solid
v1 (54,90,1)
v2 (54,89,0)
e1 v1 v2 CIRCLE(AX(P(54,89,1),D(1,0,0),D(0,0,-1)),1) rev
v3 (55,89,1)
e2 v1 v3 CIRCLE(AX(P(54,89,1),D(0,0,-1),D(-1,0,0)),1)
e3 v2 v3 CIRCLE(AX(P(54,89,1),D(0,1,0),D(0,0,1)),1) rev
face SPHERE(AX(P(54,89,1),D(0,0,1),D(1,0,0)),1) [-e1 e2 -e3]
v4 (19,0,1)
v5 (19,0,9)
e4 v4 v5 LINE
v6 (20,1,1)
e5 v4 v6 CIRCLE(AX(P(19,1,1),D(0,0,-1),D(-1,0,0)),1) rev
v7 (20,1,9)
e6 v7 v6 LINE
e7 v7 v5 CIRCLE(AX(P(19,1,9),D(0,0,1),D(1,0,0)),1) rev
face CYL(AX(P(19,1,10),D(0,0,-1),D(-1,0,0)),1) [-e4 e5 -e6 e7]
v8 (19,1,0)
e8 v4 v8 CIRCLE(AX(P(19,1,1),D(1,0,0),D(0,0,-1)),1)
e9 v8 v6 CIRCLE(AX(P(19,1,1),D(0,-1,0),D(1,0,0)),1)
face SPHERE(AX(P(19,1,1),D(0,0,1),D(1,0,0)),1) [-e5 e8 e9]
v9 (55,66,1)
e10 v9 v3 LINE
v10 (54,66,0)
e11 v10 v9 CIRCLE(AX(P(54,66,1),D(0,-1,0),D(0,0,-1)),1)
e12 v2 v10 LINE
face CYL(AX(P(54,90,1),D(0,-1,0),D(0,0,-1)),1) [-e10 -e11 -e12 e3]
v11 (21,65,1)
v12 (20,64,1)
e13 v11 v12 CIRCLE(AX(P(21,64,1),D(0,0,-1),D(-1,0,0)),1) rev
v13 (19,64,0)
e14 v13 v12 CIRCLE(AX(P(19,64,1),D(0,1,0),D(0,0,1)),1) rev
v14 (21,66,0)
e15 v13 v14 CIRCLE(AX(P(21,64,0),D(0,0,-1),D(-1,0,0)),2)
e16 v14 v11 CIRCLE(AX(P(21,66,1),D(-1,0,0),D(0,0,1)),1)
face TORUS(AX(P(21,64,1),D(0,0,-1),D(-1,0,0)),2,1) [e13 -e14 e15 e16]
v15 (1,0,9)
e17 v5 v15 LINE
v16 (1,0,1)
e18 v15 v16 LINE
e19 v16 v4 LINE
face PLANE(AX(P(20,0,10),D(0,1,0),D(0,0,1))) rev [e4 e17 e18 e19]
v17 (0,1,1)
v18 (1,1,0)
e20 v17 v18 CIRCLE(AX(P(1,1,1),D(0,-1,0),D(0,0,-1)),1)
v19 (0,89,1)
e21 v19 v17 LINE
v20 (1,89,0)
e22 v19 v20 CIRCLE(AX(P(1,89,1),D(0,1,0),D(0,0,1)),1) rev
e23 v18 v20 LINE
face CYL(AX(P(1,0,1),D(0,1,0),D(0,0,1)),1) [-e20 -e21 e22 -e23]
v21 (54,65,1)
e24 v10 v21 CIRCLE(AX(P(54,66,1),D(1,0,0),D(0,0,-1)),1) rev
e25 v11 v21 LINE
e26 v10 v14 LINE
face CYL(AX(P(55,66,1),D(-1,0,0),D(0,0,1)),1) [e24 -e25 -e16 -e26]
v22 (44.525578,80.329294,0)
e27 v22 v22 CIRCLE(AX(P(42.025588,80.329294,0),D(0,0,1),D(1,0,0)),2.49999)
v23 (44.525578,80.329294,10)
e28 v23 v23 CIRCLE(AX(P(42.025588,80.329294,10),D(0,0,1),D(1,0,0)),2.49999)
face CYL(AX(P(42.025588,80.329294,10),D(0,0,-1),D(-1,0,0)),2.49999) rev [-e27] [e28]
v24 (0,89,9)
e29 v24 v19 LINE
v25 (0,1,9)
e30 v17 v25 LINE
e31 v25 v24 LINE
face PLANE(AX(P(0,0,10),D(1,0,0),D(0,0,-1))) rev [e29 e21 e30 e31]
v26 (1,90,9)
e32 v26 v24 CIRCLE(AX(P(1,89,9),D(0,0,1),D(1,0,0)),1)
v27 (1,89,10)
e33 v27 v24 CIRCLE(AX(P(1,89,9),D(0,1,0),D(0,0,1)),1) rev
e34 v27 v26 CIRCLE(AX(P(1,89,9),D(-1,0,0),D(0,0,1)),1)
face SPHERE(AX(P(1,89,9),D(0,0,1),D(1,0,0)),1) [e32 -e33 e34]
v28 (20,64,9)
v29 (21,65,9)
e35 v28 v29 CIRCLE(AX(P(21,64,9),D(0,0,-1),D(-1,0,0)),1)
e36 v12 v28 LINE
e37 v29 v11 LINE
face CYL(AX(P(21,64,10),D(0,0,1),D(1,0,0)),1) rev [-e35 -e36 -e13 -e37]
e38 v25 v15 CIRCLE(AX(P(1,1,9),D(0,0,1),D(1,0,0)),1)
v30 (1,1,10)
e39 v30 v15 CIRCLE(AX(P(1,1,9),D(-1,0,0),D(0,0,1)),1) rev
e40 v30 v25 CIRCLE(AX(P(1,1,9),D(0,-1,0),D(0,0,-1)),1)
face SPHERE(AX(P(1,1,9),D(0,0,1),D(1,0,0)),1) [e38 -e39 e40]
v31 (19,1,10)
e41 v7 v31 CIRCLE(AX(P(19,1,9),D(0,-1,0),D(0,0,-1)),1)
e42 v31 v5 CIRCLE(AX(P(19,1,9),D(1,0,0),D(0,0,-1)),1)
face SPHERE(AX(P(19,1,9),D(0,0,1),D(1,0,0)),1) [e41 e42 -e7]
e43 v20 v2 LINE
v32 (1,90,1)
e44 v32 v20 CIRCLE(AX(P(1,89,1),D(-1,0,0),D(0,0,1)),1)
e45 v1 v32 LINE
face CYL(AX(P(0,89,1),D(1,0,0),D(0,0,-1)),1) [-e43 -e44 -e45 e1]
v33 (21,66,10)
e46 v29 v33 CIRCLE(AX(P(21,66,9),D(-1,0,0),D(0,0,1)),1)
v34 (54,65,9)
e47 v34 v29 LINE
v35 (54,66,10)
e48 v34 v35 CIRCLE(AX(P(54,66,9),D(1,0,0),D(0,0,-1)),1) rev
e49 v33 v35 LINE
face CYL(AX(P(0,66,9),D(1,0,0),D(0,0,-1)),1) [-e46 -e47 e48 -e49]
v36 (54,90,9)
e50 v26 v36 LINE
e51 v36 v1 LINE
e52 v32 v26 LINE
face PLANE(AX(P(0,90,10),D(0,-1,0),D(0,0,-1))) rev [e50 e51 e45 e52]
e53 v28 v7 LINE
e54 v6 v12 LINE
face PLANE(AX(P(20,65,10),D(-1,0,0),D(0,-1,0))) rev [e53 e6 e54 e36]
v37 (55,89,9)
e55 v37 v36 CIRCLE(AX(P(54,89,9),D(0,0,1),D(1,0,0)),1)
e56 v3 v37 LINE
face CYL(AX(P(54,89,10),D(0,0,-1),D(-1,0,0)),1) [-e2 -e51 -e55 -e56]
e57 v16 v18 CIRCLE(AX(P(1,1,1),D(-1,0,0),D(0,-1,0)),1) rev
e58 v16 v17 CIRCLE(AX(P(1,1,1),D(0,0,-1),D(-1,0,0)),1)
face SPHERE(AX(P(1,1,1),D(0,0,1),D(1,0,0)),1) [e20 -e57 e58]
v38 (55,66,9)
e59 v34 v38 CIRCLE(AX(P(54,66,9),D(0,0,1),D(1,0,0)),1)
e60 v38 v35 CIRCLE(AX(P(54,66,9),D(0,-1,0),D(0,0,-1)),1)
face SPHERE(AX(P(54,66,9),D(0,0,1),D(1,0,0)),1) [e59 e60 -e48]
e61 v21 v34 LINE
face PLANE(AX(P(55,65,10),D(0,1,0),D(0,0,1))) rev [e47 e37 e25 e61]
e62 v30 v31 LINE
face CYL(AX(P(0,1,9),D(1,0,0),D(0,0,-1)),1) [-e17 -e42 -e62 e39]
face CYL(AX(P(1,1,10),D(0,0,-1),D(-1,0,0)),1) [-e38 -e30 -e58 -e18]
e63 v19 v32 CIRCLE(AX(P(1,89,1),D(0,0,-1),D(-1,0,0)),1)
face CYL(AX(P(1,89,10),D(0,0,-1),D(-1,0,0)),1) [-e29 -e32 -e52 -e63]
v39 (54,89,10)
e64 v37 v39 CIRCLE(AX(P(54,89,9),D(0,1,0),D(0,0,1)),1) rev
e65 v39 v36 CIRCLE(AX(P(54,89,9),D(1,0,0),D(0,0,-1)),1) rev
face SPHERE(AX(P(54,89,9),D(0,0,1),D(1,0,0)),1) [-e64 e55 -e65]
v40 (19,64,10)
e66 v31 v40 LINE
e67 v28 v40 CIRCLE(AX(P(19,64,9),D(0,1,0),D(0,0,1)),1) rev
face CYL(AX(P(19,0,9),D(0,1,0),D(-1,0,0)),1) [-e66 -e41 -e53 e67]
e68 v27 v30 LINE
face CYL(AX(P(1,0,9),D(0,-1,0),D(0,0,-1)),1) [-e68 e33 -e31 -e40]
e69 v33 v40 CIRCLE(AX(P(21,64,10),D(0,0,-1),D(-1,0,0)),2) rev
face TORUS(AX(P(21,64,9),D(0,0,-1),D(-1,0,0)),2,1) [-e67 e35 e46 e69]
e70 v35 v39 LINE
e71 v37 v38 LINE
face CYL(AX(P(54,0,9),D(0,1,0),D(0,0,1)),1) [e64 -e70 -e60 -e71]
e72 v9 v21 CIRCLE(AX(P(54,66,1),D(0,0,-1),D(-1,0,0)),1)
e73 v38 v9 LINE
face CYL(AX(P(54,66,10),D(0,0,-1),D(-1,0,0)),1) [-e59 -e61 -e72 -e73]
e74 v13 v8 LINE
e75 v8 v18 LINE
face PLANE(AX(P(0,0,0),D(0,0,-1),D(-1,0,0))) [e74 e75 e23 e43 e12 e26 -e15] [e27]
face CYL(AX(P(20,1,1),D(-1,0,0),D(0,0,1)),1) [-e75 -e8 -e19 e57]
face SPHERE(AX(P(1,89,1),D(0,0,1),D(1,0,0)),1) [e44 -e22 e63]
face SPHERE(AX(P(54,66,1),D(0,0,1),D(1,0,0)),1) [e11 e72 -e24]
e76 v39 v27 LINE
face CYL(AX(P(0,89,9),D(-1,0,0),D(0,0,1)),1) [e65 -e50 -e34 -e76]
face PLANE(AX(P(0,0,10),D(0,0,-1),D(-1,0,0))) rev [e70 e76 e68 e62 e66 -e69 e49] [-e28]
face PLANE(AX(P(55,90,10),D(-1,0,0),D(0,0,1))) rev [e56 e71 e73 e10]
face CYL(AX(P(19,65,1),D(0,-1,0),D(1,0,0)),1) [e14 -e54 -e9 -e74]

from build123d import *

# Parameters (mm, degrees)
SKETCH2_R           = 2.499990149
BOSS_EXTRUDE1_DEPTH = 10
FILLET1_R           = 1


with BuildPart() as part:
    # Sketch2 → Boss-Extrude1 (new body)
    with BuildSketch(Plane.XY):
        Polygon((0, 0), (0, 90), (55, 90), (55, 65), (20, 65), (20, 0), align=None)
        with Locations((42.025587792, 80.329294261)):
            Circle(SKETCH2_R, mode=Mode.SUBTRACT)
    extrude(amount=BOSS_EXTRUDE1_DEPTH)

    # Fillet1
    fillet1_edges = [part.edges().sort_by_distance(p)[0] for p in [
        (0, 0, 5),
        (0, 90, 5),
        (55, 90, 5),
        (55, 65, 5),
        (20, 65, 5),
        (20, 0, 5),
        (37.5, 65, 10),
        (55, 77.5, 10),
        (27.5, 90, 10),
        (0, 45, 10),
        (10, 0, 10),
        (0, 45, 0),
        (27.5, 90, 0),
        (55, 77.5, 0),
        (37.5, 65, 0),
        (20, 32.5, 0),
        (10, 0, 0),
        (20, 32.5, 10),
    ]]
    fillet(fillet1_edges, radius=FILLET1_R)


solid = part.part
